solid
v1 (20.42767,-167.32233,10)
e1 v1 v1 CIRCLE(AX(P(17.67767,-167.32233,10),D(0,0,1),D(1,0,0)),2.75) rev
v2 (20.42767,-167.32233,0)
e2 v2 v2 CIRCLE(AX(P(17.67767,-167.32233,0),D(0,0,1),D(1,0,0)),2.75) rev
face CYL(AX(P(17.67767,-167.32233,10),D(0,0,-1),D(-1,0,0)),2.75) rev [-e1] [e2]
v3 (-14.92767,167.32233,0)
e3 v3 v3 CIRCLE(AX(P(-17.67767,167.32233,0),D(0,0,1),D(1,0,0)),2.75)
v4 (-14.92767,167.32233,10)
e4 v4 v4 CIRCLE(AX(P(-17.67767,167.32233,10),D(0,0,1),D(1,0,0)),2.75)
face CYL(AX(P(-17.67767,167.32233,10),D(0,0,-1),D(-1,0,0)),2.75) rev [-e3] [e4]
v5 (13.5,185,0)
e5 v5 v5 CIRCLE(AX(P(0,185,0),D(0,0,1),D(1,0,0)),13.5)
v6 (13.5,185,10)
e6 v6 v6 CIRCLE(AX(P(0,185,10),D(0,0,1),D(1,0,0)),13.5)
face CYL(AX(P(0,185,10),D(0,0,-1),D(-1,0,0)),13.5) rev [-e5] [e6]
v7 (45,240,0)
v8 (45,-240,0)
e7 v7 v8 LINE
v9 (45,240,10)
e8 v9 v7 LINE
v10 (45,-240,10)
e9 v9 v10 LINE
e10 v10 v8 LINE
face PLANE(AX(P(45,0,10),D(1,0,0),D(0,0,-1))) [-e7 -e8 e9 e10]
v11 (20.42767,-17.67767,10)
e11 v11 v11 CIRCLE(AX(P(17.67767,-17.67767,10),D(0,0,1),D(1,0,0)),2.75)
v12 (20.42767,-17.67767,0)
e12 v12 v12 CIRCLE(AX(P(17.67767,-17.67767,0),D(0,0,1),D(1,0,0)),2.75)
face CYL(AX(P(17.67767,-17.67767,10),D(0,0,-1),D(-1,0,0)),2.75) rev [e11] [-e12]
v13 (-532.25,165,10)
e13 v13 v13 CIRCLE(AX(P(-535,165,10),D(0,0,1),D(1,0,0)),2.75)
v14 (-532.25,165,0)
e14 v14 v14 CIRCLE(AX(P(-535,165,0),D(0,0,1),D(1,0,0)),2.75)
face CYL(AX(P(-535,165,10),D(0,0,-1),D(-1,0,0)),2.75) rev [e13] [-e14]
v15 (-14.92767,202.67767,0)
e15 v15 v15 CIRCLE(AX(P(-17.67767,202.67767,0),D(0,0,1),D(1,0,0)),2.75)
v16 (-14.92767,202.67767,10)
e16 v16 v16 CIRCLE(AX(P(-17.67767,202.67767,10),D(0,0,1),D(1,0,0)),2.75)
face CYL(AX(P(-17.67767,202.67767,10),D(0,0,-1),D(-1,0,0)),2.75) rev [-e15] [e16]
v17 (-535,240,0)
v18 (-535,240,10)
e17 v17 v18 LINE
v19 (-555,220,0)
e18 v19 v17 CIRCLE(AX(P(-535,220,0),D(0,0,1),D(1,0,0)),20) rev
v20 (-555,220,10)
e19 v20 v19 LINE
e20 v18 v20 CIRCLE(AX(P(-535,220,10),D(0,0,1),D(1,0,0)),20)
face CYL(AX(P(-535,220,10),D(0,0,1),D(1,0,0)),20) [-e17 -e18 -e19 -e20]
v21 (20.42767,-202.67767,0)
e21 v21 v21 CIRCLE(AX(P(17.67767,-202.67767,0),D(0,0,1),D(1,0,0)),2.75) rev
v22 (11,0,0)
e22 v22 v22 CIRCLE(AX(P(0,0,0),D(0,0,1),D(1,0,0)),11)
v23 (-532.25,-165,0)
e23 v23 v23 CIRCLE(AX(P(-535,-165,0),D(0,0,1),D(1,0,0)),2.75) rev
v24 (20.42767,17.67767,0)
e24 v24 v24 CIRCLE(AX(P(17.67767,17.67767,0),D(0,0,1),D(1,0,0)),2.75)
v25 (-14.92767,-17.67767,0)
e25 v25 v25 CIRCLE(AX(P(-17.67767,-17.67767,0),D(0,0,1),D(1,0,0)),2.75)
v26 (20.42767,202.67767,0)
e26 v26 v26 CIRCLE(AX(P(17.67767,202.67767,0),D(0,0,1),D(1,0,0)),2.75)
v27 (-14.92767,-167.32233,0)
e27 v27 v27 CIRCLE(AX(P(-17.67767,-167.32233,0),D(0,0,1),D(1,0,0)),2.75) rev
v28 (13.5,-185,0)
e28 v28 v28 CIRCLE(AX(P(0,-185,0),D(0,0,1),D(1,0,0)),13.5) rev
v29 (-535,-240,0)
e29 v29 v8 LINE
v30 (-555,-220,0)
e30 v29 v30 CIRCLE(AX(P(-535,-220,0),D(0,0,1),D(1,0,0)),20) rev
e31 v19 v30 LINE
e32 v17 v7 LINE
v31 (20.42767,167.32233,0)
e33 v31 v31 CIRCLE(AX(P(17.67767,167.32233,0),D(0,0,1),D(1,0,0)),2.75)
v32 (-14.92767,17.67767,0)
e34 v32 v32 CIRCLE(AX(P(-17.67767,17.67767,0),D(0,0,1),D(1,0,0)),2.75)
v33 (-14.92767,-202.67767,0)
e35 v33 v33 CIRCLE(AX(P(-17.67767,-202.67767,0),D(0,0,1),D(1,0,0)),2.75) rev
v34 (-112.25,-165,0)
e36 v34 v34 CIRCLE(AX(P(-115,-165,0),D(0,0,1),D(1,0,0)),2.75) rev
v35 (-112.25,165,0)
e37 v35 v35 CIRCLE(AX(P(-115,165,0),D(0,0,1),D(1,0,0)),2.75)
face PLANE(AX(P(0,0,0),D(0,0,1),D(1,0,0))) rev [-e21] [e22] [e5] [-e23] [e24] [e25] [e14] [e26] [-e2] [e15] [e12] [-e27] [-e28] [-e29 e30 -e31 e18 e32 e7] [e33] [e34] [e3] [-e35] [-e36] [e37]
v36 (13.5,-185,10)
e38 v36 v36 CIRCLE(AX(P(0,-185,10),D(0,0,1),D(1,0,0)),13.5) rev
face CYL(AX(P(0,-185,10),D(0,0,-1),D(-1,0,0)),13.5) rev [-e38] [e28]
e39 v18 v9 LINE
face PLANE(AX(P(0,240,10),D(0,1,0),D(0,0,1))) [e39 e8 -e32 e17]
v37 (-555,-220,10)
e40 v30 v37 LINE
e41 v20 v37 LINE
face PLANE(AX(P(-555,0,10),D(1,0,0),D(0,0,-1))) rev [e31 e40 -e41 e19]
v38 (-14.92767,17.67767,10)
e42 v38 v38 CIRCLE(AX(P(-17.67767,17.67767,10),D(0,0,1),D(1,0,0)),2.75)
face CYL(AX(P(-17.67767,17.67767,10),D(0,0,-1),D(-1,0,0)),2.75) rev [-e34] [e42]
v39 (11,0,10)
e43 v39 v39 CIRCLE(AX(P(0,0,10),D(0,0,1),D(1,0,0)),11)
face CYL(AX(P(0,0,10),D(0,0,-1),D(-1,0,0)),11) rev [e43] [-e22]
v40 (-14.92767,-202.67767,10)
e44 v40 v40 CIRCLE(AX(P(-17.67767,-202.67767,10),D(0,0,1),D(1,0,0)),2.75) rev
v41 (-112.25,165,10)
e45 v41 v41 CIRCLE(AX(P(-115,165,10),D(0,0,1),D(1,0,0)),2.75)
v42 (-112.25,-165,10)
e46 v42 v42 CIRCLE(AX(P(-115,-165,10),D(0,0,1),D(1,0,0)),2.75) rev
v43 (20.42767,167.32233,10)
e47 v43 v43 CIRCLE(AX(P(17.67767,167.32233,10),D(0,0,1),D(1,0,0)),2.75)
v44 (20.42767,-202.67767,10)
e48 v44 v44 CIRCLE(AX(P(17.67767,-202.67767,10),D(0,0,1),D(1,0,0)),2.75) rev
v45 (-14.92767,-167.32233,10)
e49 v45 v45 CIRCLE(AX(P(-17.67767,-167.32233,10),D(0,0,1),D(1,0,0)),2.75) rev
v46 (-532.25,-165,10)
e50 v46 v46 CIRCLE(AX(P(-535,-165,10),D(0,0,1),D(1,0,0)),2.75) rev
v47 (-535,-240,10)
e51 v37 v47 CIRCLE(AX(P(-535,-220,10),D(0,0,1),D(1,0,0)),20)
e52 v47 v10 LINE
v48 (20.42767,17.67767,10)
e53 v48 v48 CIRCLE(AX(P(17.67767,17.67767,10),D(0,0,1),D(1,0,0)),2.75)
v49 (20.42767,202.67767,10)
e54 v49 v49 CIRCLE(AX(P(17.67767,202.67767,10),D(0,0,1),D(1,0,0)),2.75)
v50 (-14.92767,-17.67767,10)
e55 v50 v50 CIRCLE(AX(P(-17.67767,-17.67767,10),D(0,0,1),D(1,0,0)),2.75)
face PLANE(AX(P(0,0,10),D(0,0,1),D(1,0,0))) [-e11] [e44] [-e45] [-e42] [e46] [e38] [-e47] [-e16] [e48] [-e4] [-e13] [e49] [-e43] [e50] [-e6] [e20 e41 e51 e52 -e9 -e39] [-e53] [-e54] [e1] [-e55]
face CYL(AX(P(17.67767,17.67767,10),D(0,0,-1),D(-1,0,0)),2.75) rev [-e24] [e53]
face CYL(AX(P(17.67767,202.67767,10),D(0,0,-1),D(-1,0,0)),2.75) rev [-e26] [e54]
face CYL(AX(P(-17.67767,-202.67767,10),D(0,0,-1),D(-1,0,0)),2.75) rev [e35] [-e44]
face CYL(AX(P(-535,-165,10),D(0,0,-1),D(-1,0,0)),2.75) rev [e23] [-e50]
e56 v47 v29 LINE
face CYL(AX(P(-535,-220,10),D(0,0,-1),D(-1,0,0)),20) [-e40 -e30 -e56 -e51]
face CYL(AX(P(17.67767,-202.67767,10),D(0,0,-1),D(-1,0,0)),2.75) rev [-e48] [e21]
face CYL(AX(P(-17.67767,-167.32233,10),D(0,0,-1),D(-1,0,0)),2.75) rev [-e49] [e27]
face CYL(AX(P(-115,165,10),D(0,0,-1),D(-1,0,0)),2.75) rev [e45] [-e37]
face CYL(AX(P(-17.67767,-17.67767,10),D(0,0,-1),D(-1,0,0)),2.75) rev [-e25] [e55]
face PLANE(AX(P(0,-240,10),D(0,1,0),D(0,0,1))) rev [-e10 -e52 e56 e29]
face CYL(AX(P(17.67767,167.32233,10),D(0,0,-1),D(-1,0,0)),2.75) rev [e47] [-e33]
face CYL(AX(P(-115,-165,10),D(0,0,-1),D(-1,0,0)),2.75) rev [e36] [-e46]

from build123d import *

# Parameters (mm, degrees)
SKETCH_1_W      = 600
SKETCH_1_H      = 480
SKETCH_1_R      = 2.75
SKETCH_1_R_2    = 13.5
SKETCH_1_R_3    = 11
EXTRUDE_1_DEPTH = 10
FILLET_1_R      = 20


with BuildPart() as part:
    # Эскиз1 → Бобышка-Вытянуть1 (new body)
    with BuildSketch(Plane.XY):
        with Locations((-255, 0)):
            Rectangle(SKETCH_1_W, SKETCH_1_H)
        with Locations((-535, -165)):
            Circle(SKETCH_1_R, mode=Mode.SUBTRACT)
        with Locations((-115, -165)):
            Circle(SKETCH_1_R, mode=Mode.SUBTRACT)
        with Locations((-17.67766953, -202.67766953)):
            Circle(SKETCH_1_R, mode=Mode.SUBTRACT)
        with Locations((0, -185)):
            Circle(SKETCH_1_R_2, mode=Mode.SUBTRACT)
        with Locations((17.67766953, -202.67766953)):
            Circle(SKETCH_1_R, mode=Mode.SUBTRACT)
        with Locations((-17.67766953, -167.32233047)):
            Circle(SKETCH_1_R, mode=Mode.SUBTRACT)
        with Locations((17.67766953, -167.32233047)):
            Circle(SKETCH_1_R, mode=Mode.SUBTRACT)
        with Locations((-17.67766953, -17.67766953)):
            Circle(SKETCH_1_R, mode=Mode.SUBTRACT)
        with Locations((17.67766953, -17.67766953)):
            Circle(SKETCH_1_R, mode=Mode.SUBTRACT)
        with Locations((-535, 165)):
            Circle(SKETCH_1_R, mode=Mode.SUBTRACT)
        Circle(SKETCH_1_R_3, mode=Mode.SUBTRACT)
        with Locations((-17.67766953, 17.67766953)):
            Circle(SKETCH_1_R, mode=Mode.SUBTRACT)
        with Locations((17.67766953, 17.67766953)):
            Circle(SKETCH_1_R, mode=Mode.SUBTRACT)
        with Locations((-115, 165)):
            Circle(SKETCH_1_R, mode=Mode.SUBTRACT)
        with Locations((-17.67766953, 167.32233047)):
            Circle(SKETCH_1_R, mode=Mode.SUBTRACT)
        with Locations((17.67766953, 167.32233047)):
            Circle(SKETCH_1_R, mode=Mode.SUBTRACT)
        with Locations((0, 185)):
            Circle(SKETCH_1_R_2, mode=Mode.SUBTRACT)
        with Locations((-17.67766953, 202.67766953)):
            Circle(SKETCH_1_R, mode=Mode.SUBTRACT)
        with Locations((17.67766953, 202.67766953)):
            Circle(SKETCH_1_R, mode=Mode.SUBTRACT)
    extrude(amount=EXTRUDE_1_DEPTH)

    # Скругление1
    fillet_1_edges = [part.edges().sort_by_distance(p)[0] for p in [
        (-555, 240, 5),
        (-555, -240, 5),
    ]]
    fillet(fillet_1_edges, radius=FILLET_1_R)


solid = part.part
